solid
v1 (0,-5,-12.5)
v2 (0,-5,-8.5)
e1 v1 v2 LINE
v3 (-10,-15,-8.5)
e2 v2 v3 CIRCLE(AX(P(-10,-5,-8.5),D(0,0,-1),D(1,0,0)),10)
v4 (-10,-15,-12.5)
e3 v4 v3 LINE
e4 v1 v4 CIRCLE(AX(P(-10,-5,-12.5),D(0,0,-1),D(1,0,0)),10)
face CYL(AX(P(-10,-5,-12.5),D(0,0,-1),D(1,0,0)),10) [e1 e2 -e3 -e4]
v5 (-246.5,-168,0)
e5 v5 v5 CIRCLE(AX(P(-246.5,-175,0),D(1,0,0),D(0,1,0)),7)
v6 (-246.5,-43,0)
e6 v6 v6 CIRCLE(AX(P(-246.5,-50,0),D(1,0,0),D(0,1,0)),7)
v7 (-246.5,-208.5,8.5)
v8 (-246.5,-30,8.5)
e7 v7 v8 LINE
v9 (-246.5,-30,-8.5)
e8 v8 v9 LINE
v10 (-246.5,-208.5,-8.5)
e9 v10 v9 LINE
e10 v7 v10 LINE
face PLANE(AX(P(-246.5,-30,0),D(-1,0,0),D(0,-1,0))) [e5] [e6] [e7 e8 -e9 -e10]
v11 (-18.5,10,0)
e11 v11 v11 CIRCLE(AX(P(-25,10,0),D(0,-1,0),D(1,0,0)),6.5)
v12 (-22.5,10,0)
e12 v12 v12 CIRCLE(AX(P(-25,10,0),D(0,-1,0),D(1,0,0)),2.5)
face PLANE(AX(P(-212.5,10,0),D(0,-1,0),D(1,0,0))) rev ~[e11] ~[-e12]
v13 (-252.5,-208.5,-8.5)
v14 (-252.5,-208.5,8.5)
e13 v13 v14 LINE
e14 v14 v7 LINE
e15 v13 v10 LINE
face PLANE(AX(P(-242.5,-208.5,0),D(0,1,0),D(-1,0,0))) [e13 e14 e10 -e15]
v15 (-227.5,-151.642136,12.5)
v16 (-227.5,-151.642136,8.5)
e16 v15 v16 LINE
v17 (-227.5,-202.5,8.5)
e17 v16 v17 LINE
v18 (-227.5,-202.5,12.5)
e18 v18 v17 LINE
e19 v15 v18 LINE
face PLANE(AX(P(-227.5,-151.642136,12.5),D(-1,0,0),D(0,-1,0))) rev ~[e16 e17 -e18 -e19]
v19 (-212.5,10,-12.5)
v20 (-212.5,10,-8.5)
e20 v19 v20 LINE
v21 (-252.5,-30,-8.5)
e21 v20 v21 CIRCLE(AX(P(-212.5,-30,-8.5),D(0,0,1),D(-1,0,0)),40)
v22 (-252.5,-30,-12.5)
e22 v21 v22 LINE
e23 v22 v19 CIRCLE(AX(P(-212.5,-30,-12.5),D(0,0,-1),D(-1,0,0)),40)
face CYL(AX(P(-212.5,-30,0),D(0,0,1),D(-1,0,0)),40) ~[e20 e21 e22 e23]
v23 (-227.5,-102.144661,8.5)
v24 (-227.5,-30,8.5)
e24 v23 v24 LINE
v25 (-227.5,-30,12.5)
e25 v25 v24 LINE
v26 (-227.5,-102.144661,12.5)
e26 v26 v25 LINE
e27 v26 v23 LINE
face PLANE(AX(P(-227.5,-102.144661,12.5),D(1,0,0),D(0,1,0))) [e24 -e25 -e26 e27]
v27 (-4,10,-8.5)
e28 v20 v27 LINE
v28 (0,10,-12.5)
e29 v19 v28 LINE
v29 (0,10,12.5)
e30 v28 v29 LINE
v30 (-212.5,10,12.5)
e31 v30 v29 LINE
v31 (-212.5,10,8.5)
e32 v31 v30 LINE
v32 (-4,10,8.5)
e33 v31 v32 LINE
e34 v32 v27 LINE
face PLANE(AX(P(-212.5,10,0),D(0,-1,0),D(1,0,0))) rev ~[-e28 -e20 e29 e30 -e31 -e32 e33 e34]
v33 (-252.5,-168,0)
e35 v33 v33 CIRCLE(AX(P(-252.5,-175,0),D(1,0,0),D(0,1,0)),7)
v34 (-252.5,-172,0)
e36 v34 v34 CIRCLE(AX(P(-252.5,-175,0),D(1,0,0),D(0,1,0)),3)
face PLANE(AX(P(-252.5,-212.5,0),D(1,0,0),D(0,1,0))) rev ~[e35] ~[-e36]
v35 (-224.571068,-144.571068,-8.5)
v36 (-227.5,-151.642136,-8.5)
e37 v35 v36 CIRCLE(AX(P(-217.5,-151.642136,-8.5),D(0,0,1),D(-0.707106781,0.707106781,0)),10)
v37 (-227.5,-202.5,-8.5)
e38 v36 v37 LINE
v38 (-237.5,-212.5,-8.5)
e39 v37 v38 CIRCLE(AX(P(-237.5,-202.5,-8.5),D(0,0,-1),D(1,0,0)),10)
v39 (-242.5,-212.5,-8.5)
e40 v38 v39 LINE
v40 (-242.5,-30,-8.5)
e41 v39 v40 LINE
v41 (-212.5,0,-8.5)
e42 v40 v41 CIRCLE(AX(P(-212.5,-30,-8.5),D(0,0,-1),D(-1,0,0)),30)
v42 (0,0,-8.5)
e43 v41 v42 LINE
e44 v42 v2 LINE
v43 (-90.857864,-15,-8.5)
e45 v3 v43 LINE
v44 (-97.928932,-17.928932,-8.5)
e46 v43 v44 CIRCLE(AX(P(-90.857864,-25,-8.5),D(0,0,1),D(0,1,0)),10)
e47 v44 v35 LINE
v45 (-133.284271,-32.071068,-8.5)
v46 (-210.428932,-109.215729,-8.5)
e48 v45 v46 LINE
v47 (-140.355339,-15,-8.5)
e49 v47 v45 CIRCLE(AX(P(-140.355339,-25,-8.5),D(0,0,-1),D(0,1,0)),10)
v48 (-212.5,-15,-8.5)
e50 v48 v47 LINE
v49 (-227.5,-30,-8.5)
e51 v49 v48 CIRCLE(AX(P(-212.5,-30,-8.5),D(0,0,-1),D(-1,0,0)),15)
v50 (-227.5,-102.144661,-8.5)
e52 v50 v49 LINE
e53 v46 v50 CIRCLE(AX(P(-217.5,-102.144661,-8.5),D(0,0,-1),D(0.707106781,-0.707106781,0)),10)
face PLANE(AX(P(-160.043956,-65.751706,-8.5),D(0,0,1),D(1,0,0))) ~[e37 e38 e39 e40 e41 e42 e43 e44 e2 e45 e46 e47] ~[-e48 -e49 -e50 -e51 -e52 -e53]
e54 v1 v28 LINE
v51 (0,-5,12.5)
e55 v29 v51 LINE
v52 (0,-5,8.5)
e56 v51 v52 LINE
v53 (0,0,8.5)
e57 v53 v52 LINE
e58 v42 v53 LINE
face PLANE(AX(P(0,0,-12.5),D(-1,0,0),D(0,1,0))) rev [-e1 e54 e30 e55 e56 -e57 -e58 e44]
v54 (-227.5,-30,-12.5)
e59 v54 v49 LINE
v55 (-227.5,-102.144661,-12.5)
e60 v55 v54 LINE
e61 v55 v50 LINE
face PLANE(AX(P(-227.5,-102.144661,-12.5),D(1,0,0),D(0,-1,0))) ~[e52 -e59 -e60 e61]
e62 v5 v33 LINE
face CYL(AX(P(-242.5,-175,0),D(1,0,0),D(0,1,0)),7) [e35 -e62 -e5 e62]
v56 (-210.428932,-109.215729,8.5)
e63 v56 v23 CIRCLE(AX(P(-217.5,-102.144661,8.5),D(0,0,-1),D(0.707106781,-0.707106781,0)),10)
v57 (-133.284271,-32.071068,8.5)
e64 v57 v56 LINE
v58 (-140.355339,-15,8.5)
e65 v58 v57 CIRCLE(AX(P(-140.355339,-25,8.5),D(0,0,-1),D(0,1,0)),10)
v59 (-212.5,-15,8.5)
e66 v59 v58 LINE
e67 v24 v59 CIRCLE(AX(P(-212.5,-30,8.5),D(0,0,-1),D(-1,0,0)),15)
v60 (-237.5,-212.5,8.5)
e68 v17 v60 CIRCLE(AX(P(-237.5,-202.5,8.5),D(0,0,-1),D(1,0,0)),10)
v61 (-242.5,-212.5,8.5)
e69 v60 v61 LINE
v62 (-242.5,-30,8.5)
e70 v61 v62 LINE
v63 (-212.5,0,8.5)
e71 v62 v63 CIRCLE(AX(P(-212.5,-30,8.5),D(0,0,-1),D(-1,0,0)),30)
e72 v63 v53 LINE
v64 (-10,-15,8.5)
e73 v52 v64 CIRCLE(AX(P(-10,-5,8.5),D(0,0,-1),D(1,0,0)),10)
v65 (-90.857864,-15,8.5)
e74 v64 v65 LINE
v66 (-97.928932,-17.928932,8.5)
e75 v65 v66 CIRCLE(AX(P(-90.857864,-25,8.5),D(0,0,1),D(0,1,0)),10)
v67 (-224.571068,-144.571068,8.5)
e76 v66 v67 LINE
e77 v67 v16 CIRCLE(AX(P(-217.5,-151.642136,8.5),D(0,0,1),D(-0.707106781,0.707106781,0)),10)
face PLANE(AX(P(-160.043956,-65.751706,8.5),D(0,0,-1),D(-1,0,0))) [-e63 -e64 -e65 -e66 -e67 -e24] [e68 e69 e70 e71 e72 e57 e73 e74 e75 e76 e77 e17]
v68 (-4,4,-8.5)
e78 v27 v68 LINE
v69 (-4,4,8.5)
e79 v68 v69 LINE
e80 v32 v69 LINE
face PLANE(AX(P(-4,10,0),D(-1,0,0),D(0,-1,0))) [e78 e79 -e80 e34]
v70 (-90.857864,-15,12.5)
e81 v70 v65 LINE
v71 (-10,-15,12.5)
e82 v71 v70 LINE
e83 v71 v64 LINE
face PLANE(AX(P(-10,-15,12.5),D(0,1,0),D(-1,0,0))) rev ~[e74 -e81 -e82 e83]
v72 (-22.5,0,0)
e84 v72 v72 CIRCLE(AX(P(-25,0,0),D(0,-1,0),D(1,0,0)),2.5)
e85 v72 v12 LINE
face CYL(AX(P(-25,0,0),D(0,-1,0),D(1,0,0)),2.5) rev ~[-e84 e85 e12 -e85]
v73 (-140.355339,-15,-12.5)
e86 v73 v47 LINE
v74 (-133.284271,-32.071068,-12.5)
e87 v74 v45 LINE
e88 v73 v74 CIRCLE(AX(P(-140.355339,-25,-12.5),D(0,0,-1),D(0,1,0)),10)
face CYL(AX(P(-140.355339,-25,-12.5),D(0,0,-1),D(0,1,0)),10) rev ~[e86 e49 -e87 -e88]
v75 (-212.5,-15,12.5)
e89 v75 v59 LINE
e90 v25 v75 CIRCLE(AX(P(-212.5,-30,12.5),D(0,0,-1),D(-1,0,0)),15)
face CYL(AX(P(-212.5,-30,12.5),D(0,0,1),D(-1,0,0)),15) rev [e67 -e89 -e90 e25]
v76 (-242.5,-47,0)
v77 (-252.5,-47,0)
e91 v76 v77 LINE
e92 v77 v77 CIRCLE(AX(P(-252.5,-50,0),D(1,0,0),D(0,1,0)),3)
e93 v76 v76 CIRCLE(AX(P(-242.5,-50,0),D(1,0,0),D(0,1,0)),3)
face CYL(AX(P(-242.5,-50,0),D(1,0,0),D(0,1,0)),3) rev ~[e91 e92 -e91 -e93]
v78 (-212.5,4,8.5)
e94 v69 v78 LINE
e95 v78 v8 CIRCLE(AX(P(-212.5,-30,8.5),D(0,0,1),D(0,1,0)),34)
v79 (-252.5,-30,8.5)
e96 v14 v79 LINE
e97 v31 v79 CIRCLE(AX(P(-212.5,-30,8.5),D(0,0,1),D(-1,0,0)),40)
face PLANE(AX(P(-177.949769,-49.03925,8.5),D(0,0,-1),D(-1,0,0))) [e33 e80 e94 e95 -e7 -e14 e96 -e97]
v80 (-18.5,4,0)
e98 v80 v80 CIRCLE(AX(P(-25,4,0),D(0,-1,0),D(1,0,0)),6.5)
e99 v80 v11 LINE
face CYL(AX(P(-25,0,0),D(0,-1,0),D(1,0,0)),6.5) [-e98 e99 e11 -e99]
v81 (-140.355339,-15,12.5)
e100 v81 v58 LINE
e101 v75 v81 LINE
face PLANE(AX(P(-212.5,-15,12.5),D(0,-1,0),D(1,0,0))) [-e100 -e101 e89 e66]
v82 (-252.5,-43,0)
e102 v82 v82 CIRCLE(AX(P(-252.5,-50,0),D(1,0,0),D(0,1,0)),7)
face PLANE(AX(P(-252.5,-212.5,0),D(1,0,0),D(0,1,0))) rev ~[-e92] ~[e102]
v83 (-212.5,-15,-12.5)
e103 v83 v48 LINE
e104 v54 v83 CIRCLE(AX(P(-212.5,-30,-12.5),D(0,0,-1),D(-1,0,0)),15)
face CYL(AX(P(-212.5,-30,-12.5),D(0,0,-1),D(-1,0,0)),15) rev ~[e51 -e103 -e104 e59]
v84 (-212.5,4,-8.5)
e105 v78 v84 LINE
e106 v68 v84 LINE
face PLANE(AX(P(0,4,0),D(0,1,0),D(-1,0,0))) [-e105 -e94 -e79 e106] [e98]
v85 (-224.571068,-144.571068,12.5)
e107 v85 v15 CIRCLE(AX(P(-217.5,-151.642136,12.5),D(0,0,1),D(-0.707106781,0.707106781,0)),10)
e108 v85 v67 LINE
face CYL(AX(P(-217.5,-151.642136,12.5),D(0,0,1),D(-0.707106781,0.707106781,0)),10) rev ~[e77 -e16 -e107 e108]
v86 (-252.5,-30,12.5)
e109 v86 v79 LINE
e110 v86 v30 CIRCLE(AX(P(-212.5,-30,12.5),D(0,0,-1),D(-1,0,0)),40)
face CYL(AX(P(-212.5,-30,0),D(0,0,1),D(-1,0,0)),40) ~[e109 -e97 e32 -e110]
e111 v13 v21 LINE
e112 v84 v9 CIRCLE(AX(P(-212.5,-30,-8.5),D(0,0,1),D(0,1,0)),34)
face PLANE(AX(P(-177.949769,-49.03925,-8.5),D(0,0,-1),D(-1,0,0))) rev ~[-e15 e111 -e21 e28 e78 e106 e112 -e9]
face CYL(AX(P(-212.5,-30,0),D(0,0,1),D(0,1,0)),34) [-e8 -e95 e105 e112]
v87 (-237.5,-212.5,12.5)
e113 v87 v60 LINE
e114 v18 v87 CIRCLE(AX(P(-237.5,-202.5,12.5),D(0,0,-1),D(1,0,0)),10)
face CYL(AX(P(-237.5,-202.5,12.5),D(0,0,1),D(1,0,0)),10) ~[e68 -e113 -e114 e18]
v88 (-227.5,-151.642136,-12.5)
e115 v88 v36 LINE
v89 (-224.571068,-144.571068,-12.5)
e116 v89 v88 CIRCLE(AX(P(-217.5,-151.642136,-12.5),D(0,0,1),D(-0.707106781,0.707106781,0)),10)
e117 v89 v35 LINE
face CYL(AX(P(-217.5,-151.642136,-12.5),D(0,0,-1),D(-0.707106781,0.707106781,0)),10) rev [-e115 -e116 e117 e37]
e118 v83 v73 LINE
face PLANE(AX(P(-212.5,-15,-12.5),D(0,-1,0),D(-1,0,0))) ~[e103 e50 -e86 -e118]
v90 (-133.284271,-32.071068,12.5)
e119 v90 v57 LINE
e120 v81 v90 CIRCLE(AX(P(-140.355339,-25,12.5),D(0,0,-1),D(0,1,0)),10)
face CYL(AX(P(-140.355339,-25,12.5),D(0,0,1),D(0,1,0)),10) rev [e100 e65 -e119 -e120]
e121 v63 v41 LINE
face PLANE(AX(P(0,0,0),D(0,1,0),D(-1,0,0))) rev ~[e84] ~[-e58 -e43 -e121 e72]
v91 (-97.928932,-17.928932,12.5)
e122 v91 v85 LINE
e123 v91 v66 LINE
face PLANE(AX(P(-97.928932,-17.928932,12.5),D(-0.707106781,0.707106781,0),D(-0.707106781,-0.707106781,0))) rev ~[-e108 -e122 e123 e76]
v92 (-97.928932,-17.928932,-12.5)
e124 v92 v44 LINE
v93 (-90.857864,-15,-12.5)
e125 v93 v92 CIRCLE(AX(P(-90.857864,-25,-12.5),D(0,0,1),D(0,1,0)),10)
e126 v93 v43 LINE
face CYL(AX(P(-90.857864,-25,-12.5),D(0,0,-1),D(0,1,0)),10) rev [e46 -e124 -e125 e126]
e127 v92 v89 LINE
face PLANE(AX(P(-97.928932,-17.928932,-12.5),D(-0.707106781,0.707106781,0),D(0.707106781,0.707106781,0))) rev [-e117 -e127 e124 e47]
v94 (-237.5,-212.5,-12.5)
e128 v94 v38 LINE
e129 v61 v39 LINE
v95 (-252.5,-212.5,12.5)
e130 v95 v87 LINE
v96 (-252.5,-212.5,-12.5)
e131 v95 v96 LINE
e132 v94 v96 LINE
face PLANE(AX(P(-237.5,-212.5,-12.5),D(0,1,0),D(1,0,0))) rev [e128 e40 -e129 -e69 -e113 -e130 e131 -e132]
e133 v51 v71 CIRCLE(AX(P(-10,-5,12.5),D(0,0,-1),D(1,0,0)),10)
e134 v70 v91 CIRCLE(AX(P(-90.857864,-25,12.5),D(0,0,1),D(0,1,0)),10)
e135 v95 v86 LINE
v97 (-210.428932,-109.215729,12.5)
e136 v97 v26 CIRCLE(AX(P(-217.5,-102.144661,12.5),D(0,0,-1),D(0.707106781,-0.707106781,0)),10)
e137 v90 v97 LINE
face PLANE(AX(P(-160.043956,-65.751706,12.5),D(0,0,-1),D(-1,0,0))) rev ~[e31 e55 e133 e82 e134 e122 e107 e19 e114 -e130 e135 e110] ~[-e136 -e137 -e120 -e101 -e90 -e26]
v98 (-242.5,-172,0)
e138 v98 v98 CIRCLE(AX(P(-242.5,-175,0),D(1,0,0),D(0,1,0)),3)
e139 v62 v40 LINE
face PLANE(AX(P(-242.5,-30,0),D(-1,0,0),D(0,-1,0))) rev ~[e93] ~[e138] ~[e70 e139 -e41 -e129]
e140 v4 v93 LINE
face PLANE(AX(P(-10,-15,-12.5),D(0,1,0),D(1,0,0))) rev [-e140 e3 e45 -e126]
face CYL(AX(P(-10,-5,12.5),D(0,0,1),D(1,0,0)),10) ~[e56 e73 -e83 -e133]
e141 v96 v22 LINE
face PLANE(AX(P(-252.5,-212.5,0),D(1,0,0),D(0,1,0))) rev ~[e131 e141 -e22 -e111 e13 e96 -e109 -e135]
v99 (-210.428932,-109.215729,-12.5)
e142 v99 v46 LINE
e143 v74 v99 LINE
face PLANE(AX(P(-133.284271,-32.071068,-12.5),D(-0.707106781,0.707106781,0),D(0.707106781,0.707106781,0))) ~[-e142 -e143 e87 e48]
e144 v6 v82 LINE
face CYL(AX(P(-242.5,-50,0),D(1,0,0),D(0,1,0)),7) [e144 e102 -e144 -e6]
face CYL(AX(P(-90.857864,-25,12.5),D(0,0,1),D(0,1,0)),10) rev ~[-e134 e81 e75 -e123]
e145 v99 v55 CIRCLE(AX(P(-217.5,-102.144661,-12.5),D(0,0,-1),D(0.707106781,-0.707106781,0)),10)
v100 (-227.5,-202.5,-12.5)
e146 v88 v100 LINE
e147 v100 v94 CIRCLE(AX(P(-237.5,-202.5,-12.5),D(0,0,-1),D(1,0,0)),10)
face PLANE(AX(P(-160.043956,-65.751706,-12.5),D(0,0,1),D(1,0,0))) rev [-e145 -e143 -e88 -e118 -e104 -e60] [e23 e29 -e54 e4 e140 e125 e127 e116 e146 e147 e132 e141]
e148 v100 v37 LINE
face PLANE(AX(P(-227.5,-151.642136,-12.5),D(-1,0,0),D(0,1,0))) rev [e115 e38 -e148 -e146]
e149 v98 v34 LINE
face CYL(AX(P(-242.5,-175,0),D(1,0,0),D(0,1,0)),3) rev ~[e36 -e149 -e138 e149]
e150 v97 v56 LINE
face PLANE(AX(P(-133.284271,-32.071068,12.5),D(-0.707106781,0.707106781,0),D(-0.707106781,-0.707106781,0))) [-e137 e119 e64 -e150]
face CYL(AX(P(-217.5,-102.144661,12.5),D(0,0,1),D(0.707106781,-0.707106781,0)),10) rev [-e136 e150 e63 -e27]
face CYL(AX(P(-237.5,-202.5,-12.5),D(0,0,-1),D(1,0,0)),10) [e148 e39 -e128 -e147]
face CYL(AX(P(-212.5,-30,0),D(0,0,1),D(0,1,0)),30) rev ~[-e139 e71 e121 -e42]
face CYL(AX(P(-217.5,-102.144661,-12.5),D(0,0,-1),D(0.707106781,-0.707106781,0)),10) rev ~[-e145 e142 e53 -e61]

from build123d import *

# Parameters (mm, degrees)
EXTRUSION1_DEPTH        = 12.5
ESQUISSE2_R             = 3
ENL_V_MAT_EXTRU_1_DEPTH = 323.674371464
ESQUISSE3_R             = 2.5
ENL_V_MAT_EXTRU_2_DEPTH = 331.255582845
COQUE1_T                = -4
EXTRUSION2_DEPTH        = 4


with BuildPart() as part:
    # Esquisse1 → Extrusion1 (new, symmetric)
    with BuildSketch(Plane.XY):
        with BuildLine():
            Line((0, 0), (-212.5, 0))
            ThreePointArc((-212.5, 0), (-233.713203436, -8.786796564), (-242.5, -30))
            Line((-242.5, -30), (-242.5, -212.5))
            Line((-242.5, -212.5), (-252.5, -212.5))
            Line((-252.5, -212.5), (-252.5, -30))
            ThreePointArc((-252.5, -30), (-240.784271247, -1.715728753), (-212.5, 10))
            Line((-212.5, 10), (0, 10))
            Line((0, 10), (0, 0))
        make_face()
    extrude(amount=EXTRUSION1_DEPTH, both=True)

    # Esquisse2 → Enlèv. mat.-Extru.1 (cut, through all)
    with BuildSketch(Plane(origin=(-242.5, 0, 0), x_dir=(0, 0, -1), z_dir=(1, 0, 0))):
        with Locations(Location((0, -50, 0), (0, 0, 90))):
            Circle(ESQUISSE2_R)
        with Locations(Location((0, -175, 0), (0, 0, 90))):
            Circle(ESQUISSE2_R)
    extrude(amount=-ENL_V_MAT_EXTRU_1_DEPTH, mode=Mode.SUBTRACT)

    # Esquisse3 → Enlèv. mat.-Extru.2 (cut, through all)
    with BuildSketch(Plane.XZ):
        with Locations((-25, 0)):
            Circle(ESQUISSE3_R)
    extrude(amount=-ENL_V_MAT_EXTRU_2_DEPTH, mode=Mode.SUBTRACT)

    # Coque1
    coque1_openings = [part.faces().sort_by_distance(p)[0] for p in [
        (-252.5, -121.359810516, 0),
        (-240.784271247, -1.715728753, 0),
        (-106.551413319, 10, 0),
    ]]
    offset(amount=COQUE1_T, openings=coque1_openings, kind=Kind.INTERSECTION)

    # Esquisse4 → Extrusion2 (add)
    with BuildSketch(Plane.XY.offset(12.5)):
        with BuildLine():
            Line((-212.5, 0), (0, 0))
            Line((0, 0), (0, -5))
            ThreePointArc((0, -5), (-2.928932188, -12.071067812), (-10, -15))
            Line((-10, -15), (-90.857864376, -15))
            ThreePointArc((-90.857864376, -15), (-94.6846987, -15.761204675), (-97.928932188, -17.928932188))
            Line((-97.928932188, -17.928932188), (-224.571067812, -144.571067812))
            ThreePointArc((-224.571067812, -144.571067812), (-226.738795325, -147.8153013), (-227.5, -151.642135624))
            Line((-227.5, -151.642135624), (-227.5, -202.5))
            ThreePointArc((-227.5, -202.5), (-230.428932188, -209.571067812), (-237.5, -212.5))
            Line((-237.5, -212.5), (-242.5, -212.5))
            Line((-242.5, -212.5), (-242.5, -30))
            ThreePointArc((-242.5, -30), (-233.713203436, -8.786796564), (-212.5, 0))
        make_face()
        with BuildLine():
            Line((-212.5, -15), (-140.355339059, -15))
            ThreePointArc((-140.355339059, -15), (-131.116543734, -21.173165676), (-133.284271247, -32.071067812))
            Line((-133.284271247, -32.071067812), (-210.428932188, -109.215728753))
            ThreePointArc((-210.428932188, -109.215728753), (-221.326834324, -111.383456266), (-227.5, -102.144660941))
            Line((-227.5, -102.144660941), (-227.5, -30))
            ThreePointArc((-227.5, -30), (-223.106601718, -19.393398282), (-212.5, -15))
        make_face(mode=Mode.SUBTRACT)
    extrusion2 = extrude(amount=-EXTRUSION2_DEPTH)

    # Symétrie1: Extrusion2 across plane
    add(extrusion2.mirror(Plane.XY))


solid = part.part
